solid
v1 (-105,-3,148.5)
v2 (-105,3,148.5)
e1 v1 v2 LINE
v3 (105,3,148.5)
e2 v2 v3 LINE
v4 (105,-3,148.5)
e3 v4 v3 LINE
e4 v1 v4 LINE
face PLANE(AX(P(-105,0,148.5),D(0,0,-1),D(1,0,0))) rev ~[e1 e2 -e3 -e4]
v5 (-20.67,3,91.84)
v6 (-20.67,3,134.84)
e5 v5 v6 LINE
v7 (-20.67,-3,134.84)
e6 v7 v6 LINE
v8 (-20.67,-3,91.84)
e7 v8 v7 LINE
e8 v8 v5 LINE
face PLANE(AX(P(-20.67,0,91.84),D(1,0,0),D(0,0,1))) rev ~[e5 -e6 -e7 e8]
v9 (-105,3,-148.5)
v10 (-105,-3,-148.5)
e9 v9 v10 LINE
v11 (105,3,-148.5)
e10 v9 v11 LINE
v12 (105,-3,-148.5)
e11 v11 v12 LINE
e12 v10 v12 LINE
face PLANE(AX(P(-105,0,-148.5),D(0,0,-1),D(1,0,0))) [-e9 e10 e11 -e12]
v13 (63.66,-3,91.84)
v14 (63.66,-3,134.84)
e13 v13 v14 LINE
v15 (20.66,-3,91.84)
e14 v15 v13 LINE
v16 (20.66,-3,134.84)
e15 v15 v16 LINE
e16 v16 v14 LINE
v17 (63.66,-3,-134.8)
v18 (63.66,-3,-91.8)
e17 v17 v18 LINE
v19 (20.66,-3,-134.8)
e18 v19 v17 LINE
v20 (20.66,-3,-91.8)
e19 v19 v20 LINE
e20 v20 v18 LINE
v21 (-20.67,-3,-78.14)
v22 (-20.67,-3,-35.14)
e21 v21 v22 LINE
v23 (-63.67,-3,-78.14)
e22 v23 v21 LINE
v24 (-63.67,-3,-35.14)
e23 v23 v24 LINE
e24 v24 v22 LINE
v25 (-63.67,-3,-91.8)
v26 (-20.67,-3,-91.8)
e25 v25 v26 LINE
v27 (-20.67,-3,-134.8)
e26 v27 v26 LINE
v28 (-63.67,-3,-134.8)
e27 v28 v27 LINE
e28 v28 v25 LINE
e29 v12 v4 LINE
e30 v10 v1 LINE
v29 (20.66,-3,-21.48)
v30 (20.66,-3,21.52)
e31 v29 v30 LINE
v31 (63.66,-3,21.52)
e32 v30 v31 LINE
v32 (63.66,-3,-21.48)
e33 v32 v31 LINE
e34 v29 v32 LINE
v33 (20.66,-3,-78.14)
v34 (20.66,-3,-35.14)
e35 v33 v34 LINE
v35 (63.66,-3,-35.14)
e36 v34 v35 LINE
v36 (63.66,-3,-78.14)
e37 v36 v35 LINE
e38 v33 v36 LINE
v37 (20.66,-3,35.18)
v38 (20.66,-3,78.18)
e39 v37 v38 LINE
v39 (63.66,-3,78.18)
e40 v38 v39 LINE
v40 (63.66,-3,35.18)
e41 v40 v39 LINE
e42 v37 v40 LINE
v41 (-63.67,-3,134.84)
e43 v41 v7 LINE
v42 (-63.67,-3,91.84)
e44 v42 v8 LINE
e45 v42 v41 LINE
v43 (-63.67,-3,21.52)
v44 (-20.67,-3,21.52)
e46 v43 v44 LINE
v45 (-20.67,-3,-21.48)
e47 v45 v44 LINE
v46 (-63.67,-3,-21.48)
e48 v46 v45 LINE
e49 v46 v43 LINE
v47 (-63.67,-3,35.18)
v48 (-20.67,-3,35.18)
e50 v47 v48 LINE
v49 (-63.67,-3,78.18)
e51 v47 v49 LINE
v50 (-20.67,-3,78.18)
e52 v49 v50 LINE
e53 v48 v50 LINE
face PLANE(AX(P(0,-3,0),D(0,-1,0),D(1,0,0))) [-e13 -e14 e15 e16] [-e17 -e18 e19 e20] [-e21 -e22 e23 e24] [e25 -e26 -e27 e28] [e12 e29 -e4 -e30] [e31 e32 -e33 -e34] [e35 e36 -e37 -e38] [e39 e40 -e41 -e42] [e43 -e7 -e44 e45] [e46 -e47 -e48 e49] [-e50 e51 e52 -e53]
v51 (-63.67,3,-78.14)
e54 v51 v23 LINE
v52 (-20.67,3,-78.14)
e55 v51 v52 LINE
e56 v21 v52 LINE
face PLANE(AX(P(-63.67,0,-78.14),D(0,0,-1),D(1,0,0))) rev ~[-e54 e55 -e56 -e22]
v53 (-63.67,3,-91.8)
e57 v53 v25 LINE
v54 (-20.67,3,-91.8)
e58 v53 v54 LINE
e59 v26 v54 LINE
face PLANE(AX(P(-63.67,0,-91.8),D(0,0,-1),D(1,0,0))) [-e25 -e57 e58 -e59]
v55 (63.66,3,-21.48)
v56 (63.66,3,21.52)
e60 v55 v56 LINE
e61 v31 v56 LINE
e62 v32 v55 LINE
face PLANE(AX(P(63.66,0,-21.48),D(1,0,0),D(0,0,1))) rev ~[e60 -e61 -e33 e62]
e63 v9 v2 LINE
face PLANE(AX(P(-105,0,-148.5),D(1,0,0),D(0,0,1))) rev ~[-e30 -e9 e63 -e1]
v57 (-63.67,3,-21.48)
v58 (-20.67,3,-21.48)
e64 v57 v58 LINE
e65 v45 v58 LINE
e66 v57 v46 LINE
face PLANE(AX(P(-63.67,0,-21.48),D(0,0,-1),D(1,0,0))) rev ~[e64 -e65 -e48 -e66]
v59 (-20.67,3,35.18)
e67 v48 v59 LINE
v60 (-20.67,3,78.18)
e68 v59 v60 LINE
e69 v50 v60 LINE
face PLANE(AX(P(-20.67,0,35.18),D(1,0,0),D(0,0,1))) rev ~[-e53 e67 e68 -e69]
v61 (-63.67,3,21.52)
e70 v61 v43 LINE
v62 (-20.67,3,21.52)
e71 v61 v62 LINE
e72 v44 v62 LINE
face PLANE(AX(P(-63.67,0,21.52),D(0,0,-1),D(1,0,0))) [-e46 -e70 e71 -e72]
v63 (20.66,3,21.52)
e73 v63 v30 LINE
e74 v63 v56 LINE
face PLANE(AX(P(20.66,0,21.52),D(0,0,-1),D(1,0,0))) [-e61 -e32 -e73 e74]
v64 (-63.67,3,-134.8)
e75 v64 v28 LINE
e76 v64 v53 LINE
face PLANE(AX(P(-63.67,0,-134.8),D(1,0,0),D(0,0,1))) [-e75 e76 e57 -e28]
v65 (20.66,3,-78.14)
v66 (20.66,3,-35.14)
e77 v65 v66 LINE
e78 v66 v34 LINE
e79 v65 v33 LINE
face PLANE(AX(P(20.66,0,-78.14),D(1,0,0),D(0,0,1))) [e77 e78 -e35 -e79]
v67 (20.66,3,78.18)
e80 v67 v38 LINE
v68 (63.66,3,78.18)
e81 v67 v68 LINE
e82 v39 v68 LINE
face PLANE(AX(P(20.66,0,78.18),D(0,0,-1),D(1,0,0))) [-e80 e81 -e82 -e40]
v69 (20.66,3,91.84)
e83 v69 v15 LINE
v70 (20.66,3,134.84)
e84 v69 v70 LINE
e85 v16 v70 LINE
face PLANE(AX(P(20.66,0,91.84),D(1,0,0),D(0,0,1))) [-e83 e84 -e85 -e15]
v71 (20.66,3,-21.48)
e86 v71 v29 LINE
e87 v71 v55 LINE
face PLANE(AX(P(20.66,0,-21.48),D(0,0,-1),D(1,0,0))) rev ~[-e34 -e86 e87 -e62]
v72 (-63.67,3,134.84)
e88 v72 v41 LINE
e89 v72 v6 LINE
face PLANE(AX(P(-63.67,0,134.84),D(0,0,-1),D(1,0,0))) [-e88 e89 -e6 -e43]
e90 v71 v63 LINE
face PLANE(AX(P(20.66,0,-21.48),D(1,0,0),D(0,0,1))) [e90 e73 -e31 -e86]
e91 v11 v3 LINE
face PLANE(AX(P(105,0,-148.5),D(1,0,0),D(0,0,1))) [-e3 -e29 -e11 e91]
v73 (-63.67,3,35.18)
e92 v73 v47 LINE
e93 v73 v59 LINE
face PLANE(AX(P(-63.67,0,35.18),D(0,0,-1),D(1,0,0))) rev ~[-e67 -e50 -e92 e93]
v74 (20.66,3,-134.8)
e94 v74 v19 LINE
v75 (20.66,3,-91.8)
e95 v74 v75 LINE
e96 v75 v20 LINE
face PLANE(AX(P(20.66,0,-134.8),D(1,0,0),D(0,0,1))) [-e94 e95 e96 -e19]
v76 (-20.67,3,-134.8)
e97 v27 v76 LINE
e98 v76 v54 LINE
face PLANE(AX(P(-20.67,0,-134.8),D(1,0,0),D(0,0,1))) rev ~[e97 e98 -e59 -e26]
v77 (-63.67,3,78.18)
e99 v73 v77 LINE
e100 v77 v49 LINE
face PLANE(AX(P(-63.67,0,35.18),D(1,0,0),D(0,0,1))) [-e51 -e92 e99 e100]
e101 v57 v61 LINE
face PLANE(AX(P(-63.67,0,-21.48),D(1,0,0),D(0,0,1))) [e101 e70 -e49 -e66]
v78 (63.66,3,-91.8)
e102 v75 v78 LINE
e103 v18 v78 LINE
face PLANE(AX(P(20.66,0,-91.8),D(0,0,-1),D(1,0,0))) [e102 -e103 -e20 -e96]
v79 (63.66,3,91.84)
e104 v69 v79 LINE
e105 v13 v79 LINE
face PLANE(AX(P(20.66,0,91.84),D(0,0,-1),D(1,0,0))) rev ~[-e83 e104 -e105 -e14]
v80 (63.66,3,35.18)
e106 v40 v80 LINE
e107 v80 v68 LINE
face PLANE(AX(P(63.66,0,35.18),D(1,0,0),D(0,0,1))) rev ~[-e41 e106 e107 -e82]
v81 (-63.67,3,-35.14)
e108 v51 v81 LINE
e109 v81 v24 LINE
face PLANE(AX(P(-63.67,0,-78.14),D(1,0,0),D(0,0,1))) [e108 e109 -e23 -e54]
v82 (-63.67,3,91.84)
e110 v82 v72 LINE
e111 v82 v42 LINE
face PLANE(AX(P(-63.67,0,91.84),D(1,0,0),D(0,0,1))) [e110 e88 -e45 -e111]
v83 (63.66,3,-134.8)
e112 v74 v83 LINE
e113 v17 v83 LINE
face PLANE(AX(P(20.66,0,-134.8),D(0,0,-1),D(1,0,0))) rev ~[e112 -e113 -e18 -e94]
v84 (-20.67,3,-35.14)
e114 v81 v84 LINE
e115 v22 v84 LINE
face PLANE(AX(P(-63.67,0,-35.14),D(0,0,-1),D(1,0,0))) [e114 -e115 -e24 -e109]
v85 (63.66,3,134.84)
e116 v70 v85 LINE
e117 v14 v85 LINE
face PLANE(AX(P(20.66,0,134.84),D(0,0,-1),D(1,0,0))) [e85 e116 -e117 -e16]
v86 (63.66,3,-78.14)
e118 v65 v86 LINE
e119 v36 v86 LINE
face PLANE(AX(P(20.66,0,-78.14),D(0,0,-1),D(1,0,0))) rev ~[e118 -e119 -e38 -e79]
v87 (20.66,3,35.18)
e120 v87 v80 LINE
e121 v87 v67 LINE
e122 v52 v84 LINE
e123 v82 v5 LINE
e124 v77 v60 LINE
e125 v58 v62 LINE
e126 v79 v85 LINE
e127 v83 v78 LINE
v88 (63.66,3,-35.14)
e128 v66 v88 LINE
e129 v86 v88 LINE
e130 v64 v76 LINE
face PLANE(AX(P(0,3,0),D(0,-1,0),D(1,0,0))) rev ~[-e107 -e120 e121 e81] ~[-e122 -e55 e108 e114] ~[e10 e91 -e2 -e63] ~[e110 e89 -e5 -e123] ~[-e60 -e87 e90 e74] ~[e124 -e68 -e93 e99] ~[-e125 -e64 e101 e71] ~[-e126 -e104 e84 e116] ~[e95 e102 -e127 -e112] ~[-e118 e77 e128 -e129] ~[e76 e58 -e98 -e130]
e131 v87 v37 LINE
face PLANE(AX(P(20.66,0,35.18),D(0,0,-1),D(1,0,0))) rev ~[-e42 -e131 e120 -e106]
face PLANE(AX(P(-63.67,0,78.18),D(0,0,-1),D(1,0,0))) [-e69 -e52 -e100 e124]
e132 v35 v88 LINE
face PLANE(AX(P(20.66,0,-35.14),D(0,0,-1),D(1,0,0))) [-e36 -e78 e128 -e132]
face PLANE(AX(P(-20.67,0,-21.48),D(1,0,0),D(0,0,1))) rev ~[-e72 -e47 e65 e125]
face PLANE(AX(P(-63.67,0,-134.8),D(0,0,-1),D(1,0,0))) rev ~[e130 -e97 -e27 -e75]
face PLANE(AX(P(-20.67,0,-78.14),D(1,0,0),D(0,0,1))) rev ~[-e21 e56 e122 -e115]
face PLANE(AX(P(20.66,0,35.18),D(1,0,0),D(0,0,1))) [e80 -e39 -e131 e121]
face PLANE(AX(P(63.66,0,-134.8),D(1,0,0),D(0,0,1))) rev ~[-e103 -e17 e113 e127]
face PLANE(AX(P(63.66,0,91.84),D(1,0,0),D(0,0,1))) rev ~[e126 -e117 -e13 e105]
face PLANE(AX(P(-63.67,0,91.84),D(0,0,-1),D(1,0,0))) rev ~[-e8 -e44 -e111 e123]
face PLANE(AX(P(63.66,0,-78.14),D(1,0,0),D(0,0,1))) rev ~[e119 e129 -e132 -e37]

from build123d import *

# Parameters (mm, degrees)
F0_W     = 210
F0_H     = 297
F0_W_2   = 43
F0_H_2   = 43
F1_DEPTH = 3


with BuildPart() as f1:
    # F0 (on Front) → F1 (new body, symmetric)
    with BuildSketch(Plane.XZ):
        Rectangle(F0_W, F0_H)
        with Locations((-42.17, -113.3)):
            Rectangle(F0_W_2, F0_H_2, mode=Mode.SUBTRACT)
        with Locations((-42.17, -56.64)):
            Rectangle(F0_W_2, F0_H_2, mode=Mode.SUBTRACT)
        with Locations((42.16, -113.3)):
            Rectangle(F0_W_2, F0_H_2, mode=Mode.SUBTRACT)
        with Locations((42.16, -56.64)):
            Rectangle(F0_W_2, F0_H_2, mode=Mode.SUBTRACT)
        with Locations((-42.17, 0.02)):
            Rectangle(F0_W_2, F0_H_2, mode=Mode.SUBTRACT)
        with Locations((-42.17, 56.68)):
            Rectangle(F0_W_2, F0_H_2, mode=Mode.SUBTRACT)
        with Locations((-42.17, 113.34)):
            Rectangle(F0_W_2, F0_H_2, mode=Mode.SUBTRACT)
        with Locations((42.16, 0.02)):
            Rectangle(F0_W_2, F0_H_2, mode=Mode.SUBTRACT)
        with Locations((42.16, 56.68)):
            Rectangle(F0_W_2, F0_H_2, mode=Mode.SUBTRACT)
        with Locations((42.16, 113.34)):
            Rectangle(F0_W_2, F0_H_2, mode=Mode.SUBTRACT)
    extrude(amount=F1_DEPTH, both=True)


solid = f1.part
